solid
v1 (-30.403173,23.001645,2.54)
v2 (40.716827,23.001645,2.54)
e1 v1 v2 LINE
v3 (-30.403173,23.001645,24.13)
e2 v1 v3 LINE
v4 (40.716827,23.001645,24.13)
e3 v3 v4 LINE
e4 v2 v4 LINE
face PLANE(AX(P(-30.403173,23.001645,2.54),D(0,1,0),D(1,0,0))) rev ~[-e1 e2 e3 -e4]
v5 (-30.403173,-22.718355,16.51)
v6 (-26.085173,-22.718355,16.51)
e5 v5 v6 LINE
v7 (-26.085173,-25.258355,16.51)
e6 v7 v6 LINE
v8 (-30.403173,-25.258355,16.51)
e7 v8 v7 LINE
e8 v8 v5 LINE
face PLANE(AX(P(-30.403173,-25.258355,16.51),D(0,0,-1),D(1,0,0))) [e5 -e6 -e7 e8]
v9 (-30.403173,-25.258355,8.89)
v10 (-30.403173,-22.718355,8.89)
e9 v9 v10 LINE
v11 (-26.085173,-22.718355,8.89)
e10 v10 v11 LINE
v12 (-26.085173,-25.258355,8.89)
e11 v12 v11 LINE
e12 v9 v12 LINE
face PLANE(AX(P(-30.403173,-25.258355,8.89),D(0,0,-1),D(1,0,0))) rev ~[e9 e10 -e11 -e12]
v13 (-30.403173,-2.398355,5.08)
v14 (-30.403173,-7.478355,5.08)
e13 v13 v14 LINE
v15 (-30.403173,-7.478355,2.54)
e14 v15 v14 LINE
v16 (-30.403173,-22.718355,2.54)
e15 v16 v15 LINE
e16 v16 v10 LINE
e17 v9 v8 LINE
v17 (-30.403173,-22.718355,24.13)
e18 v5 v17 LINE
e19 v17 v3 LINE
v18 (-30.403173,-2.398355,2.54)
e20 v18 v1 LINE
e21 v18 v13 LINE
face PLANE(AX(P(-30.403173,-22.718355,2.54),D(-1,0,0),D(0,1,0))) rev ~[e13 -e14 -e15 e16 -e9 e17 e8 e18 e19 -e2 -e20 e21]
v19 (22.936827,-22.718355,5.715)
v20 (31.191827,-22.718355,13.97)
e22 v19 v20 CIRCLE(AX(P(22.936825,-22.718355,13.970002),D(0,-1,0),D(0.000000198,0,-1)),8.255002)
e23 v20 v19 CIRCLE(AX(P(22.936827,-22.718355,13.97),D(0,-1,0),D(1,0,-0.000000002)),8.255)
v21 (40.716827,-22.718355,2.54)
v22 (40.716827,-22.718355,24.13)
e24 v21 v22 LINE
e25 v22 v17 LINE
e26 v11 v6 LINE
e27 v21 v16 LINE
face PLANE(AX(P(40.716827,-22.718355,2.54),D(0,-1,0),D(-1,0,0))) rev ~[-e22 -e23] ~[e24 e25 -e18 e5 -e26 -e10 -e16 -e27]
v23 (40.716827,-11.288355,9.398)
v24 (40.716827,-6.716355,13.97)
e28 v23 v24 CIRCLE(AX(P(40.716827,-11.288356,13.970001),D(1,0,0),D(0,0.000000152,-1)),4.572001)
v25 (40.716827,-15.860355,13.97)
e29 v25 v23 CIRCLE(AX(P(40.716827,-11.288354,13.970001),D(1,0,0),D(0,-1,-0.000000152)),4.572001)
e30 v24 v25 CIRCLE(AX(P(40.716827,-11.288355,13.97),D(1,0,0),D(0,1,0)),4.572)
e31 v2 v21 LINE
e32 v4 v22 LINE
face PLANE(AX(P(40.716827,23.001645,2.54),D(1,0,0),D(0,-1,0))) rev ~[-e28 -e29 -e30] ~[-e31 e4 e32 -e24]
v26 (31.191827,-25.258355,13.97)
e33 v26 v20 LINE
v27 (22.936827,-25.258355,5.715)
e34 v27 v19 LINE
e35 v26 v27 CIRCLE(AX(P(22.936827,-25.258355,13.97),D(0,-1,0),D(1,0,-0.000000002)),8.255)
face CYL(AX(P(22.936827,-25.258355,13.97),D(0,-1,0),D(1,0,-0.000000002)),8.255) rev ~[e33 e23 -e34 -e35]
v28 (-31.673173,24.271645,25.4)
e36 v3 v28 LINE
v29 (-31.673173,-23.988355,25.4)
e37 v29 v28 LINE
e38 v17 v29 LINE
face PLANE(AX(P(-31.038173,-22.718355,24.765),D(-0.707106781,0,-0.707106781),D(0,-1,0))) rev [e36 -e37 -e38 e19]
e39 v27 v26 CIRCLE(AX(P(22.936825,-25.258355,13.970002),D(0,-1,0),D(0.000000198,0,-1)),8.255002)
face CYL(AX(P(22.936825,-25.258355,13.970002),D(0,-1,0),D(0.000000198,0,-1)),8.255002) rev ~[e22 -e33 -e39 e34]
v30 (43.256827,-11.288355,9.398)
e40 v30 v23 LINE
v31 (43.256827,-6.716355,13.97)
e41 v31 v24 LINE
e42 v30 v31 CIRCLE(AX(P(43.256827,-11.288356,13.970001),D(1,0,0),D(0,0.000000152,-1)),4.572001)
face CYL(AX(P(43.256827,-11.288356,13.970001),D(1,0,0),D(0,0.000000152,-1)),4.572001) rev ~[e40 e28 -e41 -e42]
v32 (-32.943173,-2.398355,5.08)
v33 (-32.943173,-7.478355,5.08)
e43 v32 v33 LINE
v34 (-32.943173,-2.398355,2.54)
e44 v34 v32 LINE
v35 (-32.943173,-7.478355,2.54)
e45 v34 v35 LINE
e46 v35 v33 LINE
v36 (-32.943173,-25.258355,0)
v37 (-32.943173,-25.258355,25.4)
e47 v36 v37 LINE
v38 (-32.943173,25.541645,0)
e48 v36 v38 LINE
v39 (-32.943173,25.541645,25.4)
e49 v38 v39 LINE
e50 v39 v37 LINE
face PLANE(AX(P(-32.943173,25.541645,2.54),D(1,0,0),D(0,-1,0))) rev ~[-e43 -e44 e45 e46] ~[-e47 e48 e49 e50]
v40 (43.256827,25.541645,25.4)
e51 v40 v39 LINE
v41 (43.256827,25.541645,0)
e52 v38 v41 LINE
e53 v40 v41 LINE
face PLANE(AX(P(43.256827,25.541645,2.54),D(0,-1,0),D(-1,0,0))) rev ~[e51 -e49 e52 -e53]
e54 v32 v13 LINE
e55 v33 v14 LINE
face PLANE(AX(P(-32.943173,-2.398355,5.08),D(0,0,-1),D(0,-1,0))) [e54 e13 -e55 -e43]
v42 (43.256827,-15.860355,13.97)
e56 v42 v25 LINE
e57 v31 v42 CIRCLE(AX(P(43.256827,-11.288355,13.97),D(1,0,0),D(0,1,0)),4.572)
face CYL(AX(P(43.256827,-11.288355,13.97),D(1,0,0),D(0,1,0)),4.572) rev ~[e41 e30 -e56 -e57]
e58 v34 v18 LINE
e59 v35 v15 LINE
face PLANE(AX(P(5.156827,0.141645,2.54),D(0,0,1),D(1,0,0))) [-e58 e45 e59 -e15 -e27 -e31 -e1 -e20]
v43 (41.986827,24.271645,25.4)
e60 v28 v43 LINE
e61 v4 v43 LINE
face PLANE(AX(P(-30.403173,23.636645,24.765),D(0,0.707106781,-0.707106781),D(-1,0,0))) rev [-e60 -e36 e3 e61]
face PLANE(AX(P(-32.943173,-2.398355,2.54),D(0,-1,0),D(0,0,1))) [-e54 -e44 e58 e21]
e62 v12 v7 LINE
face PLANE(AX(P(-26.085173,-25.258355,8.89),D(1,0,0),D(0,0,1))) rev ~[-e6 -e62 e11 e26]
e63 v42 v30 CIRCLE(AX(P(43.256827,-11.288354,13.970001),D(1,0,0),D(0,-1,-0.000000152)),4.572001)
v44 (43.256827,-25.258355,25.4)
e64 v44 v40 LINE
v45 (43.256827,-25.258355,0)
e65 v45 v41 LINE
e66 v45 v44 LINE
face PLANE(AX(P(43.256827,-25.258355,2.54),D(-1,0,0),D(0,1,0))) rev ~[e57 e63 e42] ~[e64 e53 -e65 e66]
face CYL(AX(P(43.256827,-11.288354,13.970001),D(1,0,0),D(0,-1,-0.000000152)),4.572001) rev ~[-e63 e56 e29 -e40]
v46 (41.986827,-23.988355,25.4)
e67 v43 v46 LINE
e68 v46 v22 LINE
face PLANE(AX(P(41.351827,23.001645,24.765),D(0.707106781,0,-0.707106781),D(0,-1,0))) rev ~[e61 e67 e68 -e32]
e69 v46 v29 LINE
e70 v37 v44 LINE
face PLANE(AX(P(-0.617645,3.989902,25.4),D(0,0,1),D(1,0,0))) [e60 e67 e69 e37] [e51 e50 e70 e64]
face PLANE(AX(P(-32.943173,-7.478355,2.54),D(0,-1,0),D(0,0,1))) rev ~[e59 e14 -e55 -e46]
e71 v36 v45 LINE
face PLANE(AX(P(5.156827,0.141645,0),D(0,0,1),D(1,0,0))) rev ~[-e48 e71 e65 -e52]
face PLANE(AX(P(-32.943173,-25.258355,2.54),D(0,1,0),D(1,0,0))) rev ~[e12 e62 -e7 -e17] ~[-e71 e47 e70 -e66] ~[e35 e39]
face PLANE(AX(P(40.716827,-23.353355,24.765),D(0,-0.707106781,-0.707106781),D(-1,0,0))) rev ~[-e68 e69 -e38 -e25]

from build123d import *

# Parameters (mm, degrees)
F0_W      = 76.2
F0_H      = 50.8
F1_DEPTH  = 2.54
F3_DEPTH  = 22.86
F5_DEPTH  = 25.4
F7_DEPTH  = 25.4
F8_W      = 4.318
F8_H      = 7.62
F9_DEPTH  = 25.4
F10_W     = 5.08
F10_H     = 2.54
F11_DEPTH = 25.4
F12_SIZE  = 1.27


with BuildPart() as f1:
    # F0 (on Top) → F1 (new body)
    with BuildSketch(Plane.XY):
        with Locations((5.156827, 0.141645)):
            Rectangle(F0_W, F0_H)
    extrude(amount=F1_DEPTH)

    # F2 (on face) → F3 (join)
    with BuildSketch(Plane.XY.offset(2.54)):
        Polygon((-30.403173, -22.718355), (-30.403173, 23.001645), (40.716827, 23.001645), (40.716827, -5.898658), (43.256827, -5.898658), (43.256827, 25.541645), (-32.943173, 25.541645), (-32.943173, -25.258355), (19.057203, -25.258355), (19.057203, -22.718355), align=None)
        Polygon((43.256827, -5.898658), (40.716827, -5.898658), (40.716827, -22.718355), (19.057203, -22.718355), (19.057203, -25.258355), (43.256827, -25.258355), align=None)
    extrude(amount=F3_DEPTH)

    # F4 (on face) → F5 (cut)
    with BuildSketch(Plane.XZ.offset(25.258355)):
        with BuildLine():
            Line((22.936827, 13.97), (31.191827, 13.97))
            ThreePointArc((31.191827, 13.97), (17.09966, 19.807166), (22.936827, 5.715))
            Line((22.936827, 5.715), (22.936827, 13.97))
        make_face()
        with BuildLine():
            ThreePointArc((22.936827, 5.715), (28.773993, 8.132834), (31.191827, 13.97))
            Line((31.191827, 13.97), (22.936827, 13.97))
            Line((22.936827, 13.97), (22.936827, 5.715))
        make_face()
    extrude(amount=-F5_DEPTH, mode=Mode.SUBTRACT)

    # F6 (on face) → F7 (cut)
    with BuildSketch(Plane.YZ.offset(43.256827)):
        with BuildLine():
            ThreePointArc((-11.288355, 9.398), (-8.055463, 10.737108), (-6.716355, 13.97))
            ThreePointArc((-6.716355, 13.97), (-11.288355, 18.542), (-15.860355, 13.97))
            Line((-15.860355, 13.97), (-11.288355, 13.97))
            Line((-11.288355, 13.97), (-11.288355, 9.398))
        make_face()
        with BuildLine():
            Line((-11.288355, 13.97), (-15.860355, 13.97))
            ThreePointArc((-15.860355, 13.97), (-14.521247, 10.737108), (-11.288355, 9.398))
            Line((-11.288355, 9.398), (-11.288355, 13.97))
        make_face()
    extrude(amount=-F7_DEPTH, mode=Mode.SUBTRACT)

    # F8 (on face) → F9 (cut)
    with BuildSketch(Plane.XZ.offset(25.258355)):
        with Locations((-28.244173, 12.7)):
            Rectangle(F8_W, F8_H)
    extrude(amount=-F9_DEPTH, mode=Mode.SUBTRACT)

    # F10 (on face) → F11 (cut)
    with BuildSketch(Plane(origin=(-32.943173, 0, 0), x_dir=(0, -1, 0), z_dir=(-1, 0, 0))):
        with Locations((4.938355, 3.81)):
            Rectangle(F10_W, F10_H)
    extrude(amount=-F11_DEPTH, mode=Mode.SUBTRACT)

    # F12
    f12_edges = [f1.edges().sort_by_distance(p)[0] for p in [
        (5.156827, 23.001645, 25.4),
        (-30.403173, 0.141645, 25.4),
        (40.716827, 0.141645, 25.4),
        (5.156827, -22.718355, 25.4),
    ]]
    chamfer(f12_edges, length=F12_SIZE)


solid = f1.part
